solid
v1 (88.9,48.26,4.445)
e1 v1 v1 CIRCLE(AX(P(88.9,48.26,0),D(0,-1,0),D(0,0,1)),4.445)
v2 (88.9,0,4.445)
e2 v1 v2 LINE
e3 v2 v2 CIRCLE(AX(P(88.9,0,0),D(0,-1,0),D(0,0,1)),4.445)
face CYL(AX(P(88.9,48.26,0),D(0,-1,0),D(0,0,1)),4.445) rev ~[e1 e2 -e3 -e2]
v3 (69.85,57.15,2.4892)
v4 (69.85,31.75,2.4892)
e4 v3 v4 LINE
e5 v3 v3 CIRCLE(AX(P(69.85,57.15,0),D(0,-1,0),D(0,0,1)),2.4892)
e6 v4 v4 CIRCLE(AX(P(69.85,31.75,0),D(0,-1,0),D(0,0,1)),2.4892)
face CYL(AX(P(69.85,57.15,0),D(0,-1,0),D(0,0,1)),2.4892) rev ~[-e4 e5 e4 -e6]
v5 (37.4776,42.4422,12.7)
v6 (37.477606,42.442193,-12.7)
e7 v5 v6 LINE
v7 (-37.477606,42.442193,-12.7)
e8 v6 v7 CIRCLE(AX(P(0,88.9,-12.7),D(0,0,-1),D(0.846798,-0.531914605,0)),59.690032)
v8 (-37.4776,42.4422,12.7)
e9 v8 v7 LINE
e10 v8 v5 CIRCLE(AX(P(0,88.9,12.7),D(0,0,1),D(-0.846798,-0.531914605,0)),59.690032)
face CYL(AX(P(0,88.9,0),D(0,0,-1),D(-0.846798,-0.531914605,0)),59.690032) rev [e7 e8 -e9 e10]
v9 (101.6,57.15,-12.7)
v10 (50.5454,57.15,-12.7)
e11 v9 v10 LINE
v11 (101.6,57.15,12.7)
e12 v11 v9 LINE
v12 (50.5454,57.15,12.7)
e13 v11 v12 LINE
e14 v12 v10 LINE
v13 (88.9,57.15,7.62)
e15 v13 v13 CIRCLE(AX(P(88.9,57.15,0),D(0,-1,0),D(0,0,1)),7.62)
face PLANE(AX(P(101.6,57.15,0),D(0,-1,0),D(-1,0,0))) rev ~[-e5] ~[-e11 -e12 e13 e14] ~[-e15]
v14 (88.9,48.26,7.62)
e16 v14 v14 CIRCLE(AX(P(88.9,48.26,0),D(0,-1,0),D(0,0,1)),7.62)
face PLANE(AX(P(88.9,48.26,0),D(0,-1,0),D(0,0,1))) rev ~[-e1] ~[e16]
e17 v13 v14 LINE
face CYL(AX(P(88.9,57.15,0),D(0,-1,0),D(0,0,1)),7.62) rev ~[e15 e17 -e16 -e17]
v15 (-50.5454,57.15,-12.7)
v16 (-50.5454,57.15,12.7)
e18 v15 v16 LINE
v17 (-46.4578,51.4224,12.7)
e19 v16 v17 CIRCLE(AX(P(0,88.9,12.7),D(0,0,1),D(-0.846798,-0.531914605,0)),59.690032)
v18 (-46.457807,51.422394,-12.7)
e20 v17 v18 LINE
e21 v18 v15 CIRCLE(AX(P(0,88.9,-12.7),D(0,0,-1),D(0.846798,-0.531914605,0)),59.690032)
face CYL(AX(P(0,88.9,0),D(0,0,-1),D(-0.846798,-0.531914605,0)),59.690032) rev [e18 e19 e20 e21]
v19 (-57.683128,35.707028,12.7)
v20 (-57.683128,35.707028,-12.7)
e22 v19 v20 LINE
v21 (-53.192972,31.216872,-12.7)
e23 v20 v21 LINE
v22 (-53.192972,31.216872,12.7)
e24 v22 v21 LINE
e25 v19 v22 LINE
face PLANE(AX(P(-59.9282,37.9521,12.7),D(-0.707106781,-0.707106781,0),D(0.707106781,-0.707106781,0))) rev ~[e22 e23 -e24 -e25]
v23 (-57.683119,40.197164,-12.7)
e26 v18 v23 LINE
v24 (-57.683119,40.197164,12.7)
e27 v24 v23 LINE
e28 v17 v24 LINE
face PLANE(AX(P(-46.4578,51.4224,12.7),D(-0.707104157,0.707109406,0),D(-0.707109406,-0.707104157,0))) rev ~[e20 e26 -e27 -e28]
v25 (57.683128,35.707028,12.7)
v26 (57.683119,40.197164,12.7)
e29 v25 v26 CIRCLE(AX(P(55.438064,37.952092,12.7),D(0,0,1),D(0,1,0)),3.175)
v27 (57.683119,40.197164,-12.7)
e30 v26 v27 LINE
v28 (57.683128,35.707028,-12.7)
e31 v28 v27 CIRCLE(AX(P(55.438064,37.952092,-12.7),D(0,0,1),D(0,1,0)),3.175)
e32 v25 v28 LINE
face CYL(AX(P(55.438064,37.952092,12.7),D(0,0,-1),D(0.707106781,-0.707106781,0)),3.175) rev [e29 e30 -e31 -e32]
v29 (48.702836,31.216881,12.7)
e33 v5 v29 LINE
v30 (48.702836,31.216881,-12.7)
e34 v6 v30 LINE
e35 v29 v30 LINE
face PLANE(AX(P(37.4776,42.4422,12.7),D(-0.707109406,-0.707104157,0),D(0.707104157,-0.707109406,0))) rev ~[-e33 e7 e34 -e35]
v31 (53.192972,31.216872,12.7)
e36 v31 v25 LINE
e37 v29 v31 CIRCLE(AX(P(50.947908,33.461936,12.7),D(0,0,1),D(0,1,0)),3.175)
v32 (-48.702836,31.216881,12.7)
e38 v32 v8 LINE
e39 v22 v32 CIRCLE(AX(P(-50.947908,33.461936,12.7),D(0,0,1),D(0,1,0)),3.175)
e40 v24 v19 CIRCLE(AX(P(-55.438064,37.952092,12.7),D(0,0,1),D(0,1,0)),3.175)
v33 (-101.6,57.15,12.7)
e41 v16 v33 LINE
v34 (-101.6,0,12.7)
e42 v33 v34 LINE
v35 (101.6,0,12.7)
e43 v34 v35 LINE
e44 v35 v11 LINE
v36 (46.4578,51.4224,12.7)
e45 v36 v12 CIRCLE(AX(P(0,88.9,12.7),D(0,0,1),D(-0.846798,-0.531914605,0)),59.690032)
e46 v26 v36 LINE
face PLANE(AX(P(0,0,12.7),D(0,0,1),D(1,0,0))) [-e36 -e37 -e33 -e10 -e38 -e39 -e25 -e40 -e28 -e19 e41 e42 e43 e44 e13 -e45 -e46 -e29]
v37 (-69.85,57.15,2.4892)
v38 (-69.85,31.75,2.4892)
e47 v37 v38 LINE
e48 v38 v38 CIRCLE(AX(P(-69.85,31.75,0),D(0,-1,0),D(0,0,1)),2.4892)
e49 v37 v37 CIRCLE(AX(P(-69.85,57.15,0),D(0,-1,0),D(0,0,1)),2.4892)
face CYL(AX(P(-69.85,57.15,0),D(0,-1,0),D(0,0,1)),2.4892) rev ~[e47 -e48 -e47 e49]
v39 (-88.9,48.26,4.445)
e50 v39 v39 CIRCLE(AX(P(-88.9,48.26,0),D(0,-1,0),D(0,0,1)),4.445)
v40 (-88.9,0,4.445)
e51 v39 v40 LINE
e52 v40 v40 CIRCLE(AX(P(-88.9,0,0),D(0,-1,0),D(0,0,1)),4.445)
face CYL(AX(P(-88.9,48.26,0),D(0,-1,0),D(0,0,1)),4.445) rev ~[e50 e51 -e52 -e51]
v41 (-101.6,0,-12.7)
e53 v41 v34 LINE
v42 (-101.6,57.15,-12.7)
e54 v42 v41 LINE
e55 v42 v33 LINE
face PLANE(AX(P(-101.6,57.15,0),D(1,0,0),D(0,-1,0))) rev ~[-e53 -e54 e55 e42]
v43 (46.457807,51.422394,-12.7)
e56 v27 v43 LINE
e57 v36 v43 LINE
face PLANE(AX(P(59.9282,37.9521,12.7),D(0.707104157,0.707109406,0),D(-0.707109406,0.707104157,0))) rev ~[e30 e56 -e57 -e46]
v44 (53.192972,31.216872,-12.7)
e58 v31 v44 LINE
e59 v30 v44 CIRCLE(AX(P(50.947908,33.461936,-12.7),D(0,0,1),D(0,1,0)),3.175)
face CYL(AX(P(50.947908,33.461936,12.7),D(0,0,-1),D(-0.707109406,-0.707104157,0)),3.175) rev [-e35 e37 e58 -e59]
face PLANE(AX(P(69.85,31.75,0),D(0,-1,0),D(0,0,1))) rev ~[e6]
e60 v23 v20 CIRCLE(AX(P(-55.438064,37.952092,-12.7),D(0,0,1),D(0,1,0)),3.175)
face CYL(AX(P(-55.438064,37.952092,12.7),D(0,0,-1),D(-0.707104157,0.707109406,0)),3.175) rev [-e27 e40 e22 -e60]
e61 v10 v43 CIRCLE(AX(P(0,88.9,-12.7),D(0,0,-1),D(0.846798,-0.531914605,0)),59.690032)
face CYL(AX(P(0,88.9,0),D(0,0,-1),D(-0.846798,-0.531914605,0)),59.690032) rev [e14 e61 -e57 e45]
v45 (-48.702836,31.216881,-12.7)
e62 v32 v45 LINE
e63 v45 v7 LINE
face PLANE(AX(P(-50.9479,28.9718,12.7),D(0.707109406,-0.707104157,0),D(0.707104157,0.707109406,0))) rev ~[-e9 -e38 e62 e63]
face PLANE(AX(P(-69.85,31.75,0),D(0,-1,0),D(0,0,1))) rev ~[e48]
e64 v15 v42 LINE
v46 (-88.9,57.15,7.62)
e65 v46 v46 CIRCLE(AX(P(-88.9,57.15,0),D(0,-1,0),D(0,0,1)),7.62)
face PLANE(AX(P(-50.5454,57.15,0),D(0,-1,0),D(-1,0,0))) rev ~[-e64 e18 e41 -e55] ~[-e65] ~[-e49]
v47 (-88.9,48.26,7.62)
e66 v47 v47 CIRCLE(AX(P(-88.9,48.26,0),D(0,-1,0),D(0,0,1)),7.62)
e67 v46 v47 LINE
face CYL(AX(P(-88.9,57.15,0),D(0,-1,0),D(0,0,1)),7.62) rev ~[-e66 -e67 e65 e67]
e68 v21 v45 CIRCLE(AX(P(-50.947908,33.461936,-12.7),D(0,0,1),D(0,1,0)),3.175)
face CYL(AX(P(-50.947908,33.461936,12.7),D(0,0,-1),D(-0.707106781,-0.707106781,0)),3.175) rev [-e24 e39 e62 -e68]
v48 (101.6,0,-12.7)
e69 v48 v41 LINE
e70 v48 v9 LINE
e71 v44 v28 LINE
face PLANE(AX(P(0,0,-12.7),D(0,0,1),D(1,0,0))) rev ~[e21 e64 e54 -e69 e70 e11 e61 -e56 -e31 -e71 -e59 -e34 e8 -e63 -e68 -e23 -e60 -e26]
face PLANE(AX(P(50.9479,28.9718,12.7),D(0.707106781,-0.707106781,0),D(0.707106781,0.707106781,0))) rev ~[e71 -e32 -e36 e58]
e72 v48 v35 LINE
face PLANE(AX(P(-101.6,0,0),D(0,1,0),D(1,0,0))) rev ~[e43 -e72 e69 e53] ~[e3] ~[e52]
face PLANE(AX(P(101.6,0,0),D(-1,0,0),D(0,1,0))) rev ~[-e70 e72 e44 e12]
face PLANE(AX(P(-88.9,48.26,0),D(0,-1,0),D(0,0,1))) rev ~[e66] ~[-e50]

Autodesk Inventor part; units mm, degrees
ref_plane "YZ Plane" through (0, 0, 0) normal (1, 0, 0) x (0, 1, 0)
ref_plane "XZ Plane" through (0, 0, 0) normal (0, 1, 0) x (-1, 0, 0)
ref_plane "XY Plane" through (0, 0, 0) normal (0, 0, 1) x (1, 0, 0)
sketch "Sketch1" plane through (0, 0, 0) normal (0, 0, 1) x (1, 0, 0)
  arc A0 (-50.5454, 57.15) -> (50.5454, 57.15) centre (0, 88.9) ccw
  line L0 (-50.5454, 57.15) -> (-101.6, 57.15)
  line L1 (-101.6, 57.15) -> (-101.6, 0)
  line L2 (-101.6, 0) -> (101.6, 0)
  line L3 (101.6, 0) -> (101.6, 57.15)
  line L4 (101.6, 57.15) -> (50.5454, 57.15)
  line L5 (-142.24, 0) -> (142.24, 0) projected
  line L6 (0, 57.6383) -> (0, -27.9062) construction
  line L7 (0, -51.2675) -> (0, 112.2612) projected
  point P0 (0, 0)
  dimension "d32" = 57.15
  dimension "d33" = 59.69
  dimension "d63" = 88.9
  dimension "d64" = 203.2
  dimension "d65" = 101.6
extrude "Extrusion1" add sketch "Sketch1" along normal mid plane 25.4
sketch "Sketch2" plane through (-101.6, 57.15, 12.7) normal (0, 1, 0) x (1, 0, 0)
  line L0 (51.0546, 25.4) -> (51.0546, 0) projected
  line L1 (51.0546, 0) -> (0, 0) projected
  line L2 (152.1454, 25.4) -> (152.1454, 0) projected
  line L3 (203.2, 0) -> (152.1454, 0) projected
  line L4 (203.2, 25.4) -> (203.2, 0) projected
  line L5 (0, 0) -> (0, 25.4) projected
  point P0 (101.6, 12.7)
  point P1 (31.75, 12.7)
  point P2 (171.45, 12.7)
  dimension "d16" = 12.7
  dimension "d18" = 12.7
  dimension "d19" = 31.75
  dimension "d20" = 31.75
hole "Hole1" at (-69.85, 57.15, 0) at (69.85, 57.15, 0) direction (0, -1, 0) diameter 4.9784 depth 25.4 thread size "1/4-20 UNC" class "2B" standard "ANSI Unified Screw Threads"
sketch "Sketch4" plane through (0, 0, 12.7) normal (0, 0, 1) x (1, 0, 0)
  line L0 (-46.4578, 51.4224) -> (-59.9282, 37.9521)
  line L1 (-59.9282, 37.9521) -> (-50.9479, 28.9718)
  line L2 (-50.9479, 28.9718) -> (-37.4776, 42.4422)
  line L3 (-37.4776, 42.4422) -> (-46.4578, 51.4224)
  line L4 (37.4776, 42.4422) -> (50.9479, 28.9718)
  line L5 (50.9479, 28.9718) -> (59.9282, 37.9521)
  line L6 (59.9282, 37.9521) -> (46.4578, 51.4224)
  line L7 (46.4578, 51.4224) -> (37.4776, 42.4422)
  line L8 (0, 53.9269) -> (0, 0) construction
  line L9 (-101.6, 0) -> (101.6, 0) projected
  arc A0 (-50.5454, 57.15) -> (50.5454, 57.15) centre (0, 88.9) ccw projected
  line L10 (34.6064, 54.2936) -> (52.2131, 36.6869) construction
  line L11 (-58.7882, 30.1118) -> (-24.955, 63.945) construction
  point P0 (46.4578, 51.4224)
  point P1 (-46.4578, 51.4224)
  dimension "d35" = 90
  dimension "d36" = 45
  dimension "d38" = 12.7
  dimension "d39" = 12.7
  dimension "d42" = 6.35
  dimension "d43" = 6.35
  dimension "d46" = 19.05
  dimension "d51" = 19.05
extrude "Extrusion2" cut sketch "Sketch4" against normal through all contours A0 L2 L1 L0 | A0 L6 L5 L4
sketch "Sketch3" plane through (50.5454, 57.15, 12.7) normal (0, 1, 0) x (1, 0, 0)
  line L0 (51.0546, 25.4) -> (51.0546, 0) projected
  line L1 (51.0546, 0) -> (0, 0) projected
  line L2 (-152.1454, 0) -> (-152.1454, 25.4) projected
  line L3 (-101.0907, 0) -> (-152.1454, 0) projected
  line L4 (-152.1454, 12.7) -> (51.0546, 12.7) construction
  point P0 (-50.5454, 12.7)
  point P1 (38.3546, 12.7)
  point P2 (-139.4454, 12.7)
  dimension "d28" = 12.7
  dimension "d30" = 12.7
hole "Hole2" at (88.9, 57.15, 0) at (-88.9, 57.15, 0) direction (0, -1, 0) diameter 8.89 end through all counterbore diameter 15.24 counterbore depth 8.89 clearance for "Socket Head Cap Screw" size "M8" standard "Ansi Metric M Profile"
fillet "Fillet2" radius 3.175 4 edges at (-59.9282, 37.9521, 0) (-50.9479, 28.9718, 0) (50.9479, 28.9718, 0) (59.9282, 37.9521, 0)
equation "\"d36\" = 0.5 * d35"
equation "\"d42\" = 0.5 * d39"
equation "\"d43\" = 0.5 * d38"
properties part number "ODSY-0007-003" material "Aluminum 6061"
